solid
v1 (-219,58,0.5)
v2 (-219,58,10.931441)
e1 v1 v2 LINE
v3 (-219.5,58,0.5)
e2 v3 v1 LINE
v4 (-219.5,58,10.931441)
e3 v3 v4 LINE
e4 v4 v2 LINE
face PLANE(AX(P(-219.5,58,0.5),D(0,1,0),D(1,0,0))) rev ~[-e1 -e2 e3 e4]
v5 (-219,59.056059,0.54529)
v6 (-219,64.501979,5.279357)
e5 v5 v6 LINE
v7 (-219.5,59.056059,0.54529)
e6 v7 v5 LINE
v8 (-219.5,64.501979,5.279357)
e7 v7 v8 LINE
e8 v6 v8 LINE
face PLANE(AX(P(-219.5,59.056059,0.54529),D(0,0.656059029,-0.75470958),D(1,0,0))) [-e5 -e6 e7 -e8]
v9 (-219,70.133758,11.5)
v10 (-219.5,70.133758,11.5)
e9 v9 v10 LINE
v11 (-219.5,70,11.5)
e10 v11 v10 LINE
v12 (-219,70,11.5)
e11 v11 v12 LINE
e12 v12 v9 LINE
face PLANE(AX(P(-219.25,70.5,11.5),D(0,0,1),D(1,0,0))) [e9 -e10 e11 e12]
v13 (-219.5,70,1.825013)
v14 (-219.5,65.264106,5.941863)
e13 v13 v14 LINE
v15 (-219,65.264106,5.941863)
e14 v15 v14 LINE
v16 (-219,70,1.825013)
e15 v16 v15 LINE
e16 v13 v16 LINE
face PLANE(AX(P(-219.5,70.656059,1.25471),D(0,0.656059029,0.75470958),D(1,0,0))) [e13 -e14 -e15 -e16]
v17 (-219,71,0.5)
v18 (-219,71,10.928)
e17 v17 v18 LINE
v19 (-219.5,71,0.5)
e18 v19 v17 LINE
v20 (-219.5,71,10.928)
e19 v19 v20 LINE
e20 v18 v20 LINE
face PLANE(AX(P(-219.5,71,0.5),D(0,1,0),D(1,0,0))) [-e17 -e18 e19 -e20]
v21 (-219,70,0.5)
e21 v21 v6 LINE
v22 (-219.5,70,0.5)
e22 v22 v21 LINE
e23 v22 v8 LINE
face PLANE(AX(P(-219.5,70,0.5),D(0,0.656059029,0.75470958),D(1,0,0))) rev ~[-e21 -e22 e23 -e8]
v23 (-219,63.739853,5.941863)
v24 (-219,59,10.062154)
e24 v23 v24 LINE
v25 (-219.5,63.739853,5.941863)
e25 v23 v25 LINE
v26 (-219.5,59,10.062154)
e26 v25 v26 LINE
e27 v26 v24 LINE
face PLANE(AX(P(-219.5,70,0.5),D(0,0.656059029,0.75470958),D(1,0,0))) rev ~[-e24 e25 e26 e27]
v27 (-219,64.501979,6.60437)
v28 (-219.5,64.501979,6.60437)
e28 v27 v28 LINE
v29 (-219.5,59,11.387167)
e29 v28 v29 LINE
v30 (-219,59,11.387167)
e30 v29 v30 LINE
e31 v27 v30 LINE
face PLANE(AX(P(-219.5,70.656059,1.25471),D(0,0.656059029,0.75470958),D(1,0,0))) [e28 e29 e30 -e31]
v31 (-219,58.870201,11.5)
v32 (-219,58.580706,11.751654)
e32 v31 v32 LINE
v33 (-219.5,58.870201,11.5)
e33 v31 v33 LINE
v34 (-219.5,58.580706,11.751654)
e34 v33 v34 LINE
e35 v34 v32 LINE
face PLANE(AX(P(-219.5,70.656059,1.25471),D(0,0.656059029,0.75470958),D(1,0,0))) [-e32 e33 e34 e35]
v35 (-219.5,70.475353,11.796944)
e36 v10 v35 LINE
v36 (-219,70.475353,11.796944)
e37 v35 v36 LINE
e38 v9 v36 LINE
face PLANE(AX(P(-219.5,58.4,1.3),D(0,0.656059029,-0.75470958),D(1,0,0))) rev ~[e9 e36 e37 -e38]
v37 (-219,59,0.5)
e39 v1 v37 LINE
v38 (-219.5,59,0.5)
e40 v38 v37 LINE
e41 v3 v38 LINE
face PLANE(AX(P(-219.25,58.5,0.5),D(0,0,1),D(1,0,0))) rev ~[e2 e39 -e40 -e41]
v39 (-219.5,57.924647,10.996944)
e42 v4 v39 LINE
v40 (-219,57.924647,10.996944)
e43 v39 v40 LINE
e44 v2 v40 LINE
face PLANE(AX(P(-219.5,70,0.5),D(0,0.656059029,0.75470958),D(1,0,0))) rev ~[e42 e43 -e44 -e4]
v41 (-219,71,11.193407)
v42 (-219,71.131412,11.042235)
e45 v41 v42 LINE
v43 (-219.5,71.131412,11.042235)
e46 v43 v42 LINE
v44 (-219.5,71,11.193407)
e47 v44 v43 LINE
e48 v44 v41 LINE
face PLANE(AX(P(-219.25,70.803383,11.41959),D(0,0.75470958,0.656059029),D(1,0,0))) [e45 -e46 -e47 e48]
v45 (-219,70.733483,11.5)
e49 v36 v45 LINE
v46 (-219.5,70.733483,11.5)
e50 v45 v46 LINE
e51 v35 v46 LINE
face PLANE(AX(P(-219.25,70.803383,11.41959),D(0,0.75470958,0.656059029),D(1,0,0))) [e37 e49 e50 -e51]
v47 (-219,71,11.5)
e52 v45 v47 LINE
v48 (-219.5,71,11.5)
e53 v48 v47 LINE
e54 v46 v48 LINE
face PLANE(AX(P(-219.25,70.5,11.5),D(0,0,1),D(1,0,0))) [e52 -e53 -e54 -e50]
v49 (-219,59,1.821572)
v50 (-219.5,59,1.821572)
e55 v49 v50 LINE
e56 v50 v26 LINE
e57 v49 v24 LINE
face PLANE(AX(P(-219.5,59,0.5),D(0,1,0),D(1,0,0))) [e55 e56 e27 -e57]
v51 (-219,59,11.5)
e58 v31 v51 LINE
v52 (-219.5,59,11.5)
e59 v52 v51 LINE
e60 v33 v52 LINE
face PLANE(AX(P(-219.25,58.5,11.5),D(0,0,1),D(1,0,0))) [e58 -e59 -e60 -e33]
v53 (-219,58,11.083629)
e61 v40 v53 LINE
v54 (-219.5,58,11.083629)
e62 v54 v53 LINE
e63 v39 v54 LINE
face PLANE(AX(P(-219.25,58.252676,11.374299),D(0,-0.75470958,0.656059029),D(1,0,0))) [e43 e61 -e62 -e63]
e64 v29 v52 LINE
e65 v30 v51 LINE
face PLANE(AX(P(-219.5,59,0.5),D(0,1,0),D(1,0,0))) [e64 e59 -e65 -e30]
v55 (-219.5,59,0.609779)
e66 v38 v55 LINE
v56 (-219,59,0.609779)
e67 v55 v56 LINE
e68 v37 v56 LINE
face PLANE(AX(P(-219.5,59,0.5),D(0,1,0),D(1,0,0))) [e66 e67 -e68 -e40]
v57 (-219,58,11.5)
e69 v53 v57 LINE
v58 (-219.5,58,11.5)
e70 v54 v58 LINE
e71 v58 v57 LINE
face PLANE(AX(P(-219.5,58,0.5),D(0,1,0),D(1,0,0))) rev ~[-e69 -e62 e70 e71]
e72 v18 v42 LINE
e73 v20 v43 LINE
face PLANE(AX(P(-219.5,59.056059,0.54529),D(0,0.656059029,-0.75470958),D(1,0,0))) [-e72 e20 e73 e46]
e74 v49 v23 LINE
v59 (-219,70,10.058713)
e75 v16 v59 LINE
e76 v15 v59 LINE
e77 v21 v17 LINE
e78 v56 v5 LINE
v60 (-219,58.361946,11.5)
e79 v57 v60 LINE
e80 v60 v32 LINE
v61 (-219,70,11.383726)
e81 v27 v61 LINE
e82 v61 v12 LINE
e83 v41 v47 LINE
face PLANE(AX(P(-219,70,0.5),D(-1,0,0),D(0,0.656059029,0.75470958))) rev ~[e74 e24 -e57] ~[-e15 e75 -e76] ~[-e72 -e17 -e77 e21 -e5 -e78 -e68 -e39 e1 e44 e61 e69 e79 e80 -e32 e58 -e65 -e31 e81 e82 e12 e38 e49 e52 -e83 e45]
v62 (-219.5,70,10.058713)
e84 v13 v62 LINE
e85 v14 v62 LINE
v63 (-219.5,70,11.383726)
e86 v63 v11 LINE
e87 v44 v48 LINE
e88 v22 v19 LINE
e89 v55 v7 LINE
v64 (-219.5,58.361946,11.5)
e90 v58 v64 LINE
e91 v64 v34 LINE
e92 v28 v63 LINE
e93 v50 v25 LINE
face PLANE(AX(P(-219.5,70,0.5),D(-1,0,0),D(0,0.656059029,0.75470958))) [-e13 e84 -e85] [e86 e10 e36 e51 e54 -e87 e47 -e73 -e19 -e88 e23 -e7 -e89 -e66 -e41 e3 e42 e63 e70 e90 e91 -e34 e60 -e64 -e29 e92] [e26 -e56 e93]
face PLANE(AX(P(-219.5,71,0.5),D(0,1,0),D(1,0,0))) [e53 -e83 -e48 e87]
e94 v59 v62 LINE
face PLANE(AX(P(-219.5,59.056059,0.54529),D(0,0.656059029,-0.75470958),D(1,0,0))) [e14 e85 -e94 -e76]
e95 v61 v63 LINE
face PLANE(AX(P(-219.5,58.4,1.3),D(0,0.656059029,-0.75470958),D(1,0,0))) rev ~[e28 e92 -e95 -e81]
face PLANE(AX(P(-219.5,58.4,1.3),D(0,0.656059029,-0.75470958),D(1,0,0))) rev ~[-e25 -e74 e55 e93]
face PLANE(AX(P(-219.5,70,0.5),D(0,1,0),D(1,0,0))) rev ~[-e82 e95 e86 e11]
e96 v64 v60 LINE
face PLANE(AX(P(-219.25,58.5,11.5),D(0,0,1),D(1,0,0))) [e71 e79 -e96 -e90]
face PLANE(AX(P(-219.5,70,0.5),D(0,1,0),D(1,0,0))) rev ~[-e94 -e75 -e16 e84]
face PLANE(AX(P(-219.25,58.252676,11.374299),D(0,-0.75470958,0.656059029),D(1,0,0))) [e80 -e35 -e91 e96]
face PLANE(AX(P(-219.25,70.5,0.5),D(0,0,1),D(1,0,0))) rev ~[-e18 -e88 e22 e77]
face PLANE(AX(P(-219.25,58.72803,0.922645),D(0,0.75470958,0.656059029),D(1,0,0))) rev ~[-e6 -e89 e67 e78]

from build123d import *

# Parameters (mm, degrees)
BOX204_W          = 0.5
BOX204_H          = 1
BOX204_DEPTH      = 11
BOX205_W          = 0.5
BOX205_H          = 1
BOX205_DEPTH      = 16
BOX205_ROLL_ANGLE = 49
BOX206_W          = 0.5
BOX206_H          = 1
BOX206_DEPTH      = 16
BOX206_ROLL_ANGLE = -49
BOX203_W          = 0.5
BOX203_H          = 1
BOX203_DEPTH      = 11


with BuildPart() as cubo204:
    # Box204 → Box204 (new body)
    with BuildSketch(Plane(origin=(0, 12, 0.5), x_dir=(1, 0, 0), z_dir=(0, 0, 1))):
        with Locations((0.25, 0.5)):
            Rectangle(BOX204_W, BOX204_H)
    extrude(amount=BOX204_DEPTH)


with BuildPart() as cubo205:
    # Box205 → Box205 (new body)
    with BuildSketch(Plane.XY):
        with Locations((0.25, 0.5)):
            Rectangle(BOX205_W, BOX205_H)
    extrude(amount=BOX205_DEPTH)


with BuildPart() as cubo205_1:
    # Box205 roll: moved
    add(cubo205.part.rotate(Axis((0, 0, 0), (1, 0, 0)), BOX205_ROLL_ANGLE))


with BuildPart() as cubo205_2:
    # Box205 placement: moved
    add(cubo205_1.part.moved(Location((0, 12, 0.5))))


with BuildPart() as cubo206:
    # Box206 → Box206 (new body)
    with BuildSketch(Plane.XY):
        with Locations((0.25, 0.5)):
            Rectangle(BOX206_W, BOX206_H)
    extrude(amount=BOX206_DEPTH)


with BuildPart() as cubo206_1:
    # Box206 roll: moved
    add(cubo206.part.rotate(Axis((0, 0, 0), (1, 0, 0)), BOX206_ROLL_ANGLE))


with BuildPart() as cubo206_2:
    # Box206 placement: moved
    add(cubo206_1.part.moved(Location((0, 0.4, 1.3))))


with BuildPart() as fusion013:
    # Box203 → Box203 (new body)
    with BuildSketch(Plane.XY.offset(0.5)):
        with Locations((0.25, 0.5)):
            Rectangle(BOX203_W, BOX203_H)
    extrude(amount=BOX203_DEPTH)

    # Fusion013: union Cubo204, Cubo205, Cubo206
    add(cubo204.part)
    add(cubo205_2.part)
    add(cubo206_2.part)


with BuildPart() as fusion013_1:
    # Fusion013 placement: moved
    add(fusion013.part.moved(Location((-219.5, 58, 0))))


solid = fusion013_1.part
